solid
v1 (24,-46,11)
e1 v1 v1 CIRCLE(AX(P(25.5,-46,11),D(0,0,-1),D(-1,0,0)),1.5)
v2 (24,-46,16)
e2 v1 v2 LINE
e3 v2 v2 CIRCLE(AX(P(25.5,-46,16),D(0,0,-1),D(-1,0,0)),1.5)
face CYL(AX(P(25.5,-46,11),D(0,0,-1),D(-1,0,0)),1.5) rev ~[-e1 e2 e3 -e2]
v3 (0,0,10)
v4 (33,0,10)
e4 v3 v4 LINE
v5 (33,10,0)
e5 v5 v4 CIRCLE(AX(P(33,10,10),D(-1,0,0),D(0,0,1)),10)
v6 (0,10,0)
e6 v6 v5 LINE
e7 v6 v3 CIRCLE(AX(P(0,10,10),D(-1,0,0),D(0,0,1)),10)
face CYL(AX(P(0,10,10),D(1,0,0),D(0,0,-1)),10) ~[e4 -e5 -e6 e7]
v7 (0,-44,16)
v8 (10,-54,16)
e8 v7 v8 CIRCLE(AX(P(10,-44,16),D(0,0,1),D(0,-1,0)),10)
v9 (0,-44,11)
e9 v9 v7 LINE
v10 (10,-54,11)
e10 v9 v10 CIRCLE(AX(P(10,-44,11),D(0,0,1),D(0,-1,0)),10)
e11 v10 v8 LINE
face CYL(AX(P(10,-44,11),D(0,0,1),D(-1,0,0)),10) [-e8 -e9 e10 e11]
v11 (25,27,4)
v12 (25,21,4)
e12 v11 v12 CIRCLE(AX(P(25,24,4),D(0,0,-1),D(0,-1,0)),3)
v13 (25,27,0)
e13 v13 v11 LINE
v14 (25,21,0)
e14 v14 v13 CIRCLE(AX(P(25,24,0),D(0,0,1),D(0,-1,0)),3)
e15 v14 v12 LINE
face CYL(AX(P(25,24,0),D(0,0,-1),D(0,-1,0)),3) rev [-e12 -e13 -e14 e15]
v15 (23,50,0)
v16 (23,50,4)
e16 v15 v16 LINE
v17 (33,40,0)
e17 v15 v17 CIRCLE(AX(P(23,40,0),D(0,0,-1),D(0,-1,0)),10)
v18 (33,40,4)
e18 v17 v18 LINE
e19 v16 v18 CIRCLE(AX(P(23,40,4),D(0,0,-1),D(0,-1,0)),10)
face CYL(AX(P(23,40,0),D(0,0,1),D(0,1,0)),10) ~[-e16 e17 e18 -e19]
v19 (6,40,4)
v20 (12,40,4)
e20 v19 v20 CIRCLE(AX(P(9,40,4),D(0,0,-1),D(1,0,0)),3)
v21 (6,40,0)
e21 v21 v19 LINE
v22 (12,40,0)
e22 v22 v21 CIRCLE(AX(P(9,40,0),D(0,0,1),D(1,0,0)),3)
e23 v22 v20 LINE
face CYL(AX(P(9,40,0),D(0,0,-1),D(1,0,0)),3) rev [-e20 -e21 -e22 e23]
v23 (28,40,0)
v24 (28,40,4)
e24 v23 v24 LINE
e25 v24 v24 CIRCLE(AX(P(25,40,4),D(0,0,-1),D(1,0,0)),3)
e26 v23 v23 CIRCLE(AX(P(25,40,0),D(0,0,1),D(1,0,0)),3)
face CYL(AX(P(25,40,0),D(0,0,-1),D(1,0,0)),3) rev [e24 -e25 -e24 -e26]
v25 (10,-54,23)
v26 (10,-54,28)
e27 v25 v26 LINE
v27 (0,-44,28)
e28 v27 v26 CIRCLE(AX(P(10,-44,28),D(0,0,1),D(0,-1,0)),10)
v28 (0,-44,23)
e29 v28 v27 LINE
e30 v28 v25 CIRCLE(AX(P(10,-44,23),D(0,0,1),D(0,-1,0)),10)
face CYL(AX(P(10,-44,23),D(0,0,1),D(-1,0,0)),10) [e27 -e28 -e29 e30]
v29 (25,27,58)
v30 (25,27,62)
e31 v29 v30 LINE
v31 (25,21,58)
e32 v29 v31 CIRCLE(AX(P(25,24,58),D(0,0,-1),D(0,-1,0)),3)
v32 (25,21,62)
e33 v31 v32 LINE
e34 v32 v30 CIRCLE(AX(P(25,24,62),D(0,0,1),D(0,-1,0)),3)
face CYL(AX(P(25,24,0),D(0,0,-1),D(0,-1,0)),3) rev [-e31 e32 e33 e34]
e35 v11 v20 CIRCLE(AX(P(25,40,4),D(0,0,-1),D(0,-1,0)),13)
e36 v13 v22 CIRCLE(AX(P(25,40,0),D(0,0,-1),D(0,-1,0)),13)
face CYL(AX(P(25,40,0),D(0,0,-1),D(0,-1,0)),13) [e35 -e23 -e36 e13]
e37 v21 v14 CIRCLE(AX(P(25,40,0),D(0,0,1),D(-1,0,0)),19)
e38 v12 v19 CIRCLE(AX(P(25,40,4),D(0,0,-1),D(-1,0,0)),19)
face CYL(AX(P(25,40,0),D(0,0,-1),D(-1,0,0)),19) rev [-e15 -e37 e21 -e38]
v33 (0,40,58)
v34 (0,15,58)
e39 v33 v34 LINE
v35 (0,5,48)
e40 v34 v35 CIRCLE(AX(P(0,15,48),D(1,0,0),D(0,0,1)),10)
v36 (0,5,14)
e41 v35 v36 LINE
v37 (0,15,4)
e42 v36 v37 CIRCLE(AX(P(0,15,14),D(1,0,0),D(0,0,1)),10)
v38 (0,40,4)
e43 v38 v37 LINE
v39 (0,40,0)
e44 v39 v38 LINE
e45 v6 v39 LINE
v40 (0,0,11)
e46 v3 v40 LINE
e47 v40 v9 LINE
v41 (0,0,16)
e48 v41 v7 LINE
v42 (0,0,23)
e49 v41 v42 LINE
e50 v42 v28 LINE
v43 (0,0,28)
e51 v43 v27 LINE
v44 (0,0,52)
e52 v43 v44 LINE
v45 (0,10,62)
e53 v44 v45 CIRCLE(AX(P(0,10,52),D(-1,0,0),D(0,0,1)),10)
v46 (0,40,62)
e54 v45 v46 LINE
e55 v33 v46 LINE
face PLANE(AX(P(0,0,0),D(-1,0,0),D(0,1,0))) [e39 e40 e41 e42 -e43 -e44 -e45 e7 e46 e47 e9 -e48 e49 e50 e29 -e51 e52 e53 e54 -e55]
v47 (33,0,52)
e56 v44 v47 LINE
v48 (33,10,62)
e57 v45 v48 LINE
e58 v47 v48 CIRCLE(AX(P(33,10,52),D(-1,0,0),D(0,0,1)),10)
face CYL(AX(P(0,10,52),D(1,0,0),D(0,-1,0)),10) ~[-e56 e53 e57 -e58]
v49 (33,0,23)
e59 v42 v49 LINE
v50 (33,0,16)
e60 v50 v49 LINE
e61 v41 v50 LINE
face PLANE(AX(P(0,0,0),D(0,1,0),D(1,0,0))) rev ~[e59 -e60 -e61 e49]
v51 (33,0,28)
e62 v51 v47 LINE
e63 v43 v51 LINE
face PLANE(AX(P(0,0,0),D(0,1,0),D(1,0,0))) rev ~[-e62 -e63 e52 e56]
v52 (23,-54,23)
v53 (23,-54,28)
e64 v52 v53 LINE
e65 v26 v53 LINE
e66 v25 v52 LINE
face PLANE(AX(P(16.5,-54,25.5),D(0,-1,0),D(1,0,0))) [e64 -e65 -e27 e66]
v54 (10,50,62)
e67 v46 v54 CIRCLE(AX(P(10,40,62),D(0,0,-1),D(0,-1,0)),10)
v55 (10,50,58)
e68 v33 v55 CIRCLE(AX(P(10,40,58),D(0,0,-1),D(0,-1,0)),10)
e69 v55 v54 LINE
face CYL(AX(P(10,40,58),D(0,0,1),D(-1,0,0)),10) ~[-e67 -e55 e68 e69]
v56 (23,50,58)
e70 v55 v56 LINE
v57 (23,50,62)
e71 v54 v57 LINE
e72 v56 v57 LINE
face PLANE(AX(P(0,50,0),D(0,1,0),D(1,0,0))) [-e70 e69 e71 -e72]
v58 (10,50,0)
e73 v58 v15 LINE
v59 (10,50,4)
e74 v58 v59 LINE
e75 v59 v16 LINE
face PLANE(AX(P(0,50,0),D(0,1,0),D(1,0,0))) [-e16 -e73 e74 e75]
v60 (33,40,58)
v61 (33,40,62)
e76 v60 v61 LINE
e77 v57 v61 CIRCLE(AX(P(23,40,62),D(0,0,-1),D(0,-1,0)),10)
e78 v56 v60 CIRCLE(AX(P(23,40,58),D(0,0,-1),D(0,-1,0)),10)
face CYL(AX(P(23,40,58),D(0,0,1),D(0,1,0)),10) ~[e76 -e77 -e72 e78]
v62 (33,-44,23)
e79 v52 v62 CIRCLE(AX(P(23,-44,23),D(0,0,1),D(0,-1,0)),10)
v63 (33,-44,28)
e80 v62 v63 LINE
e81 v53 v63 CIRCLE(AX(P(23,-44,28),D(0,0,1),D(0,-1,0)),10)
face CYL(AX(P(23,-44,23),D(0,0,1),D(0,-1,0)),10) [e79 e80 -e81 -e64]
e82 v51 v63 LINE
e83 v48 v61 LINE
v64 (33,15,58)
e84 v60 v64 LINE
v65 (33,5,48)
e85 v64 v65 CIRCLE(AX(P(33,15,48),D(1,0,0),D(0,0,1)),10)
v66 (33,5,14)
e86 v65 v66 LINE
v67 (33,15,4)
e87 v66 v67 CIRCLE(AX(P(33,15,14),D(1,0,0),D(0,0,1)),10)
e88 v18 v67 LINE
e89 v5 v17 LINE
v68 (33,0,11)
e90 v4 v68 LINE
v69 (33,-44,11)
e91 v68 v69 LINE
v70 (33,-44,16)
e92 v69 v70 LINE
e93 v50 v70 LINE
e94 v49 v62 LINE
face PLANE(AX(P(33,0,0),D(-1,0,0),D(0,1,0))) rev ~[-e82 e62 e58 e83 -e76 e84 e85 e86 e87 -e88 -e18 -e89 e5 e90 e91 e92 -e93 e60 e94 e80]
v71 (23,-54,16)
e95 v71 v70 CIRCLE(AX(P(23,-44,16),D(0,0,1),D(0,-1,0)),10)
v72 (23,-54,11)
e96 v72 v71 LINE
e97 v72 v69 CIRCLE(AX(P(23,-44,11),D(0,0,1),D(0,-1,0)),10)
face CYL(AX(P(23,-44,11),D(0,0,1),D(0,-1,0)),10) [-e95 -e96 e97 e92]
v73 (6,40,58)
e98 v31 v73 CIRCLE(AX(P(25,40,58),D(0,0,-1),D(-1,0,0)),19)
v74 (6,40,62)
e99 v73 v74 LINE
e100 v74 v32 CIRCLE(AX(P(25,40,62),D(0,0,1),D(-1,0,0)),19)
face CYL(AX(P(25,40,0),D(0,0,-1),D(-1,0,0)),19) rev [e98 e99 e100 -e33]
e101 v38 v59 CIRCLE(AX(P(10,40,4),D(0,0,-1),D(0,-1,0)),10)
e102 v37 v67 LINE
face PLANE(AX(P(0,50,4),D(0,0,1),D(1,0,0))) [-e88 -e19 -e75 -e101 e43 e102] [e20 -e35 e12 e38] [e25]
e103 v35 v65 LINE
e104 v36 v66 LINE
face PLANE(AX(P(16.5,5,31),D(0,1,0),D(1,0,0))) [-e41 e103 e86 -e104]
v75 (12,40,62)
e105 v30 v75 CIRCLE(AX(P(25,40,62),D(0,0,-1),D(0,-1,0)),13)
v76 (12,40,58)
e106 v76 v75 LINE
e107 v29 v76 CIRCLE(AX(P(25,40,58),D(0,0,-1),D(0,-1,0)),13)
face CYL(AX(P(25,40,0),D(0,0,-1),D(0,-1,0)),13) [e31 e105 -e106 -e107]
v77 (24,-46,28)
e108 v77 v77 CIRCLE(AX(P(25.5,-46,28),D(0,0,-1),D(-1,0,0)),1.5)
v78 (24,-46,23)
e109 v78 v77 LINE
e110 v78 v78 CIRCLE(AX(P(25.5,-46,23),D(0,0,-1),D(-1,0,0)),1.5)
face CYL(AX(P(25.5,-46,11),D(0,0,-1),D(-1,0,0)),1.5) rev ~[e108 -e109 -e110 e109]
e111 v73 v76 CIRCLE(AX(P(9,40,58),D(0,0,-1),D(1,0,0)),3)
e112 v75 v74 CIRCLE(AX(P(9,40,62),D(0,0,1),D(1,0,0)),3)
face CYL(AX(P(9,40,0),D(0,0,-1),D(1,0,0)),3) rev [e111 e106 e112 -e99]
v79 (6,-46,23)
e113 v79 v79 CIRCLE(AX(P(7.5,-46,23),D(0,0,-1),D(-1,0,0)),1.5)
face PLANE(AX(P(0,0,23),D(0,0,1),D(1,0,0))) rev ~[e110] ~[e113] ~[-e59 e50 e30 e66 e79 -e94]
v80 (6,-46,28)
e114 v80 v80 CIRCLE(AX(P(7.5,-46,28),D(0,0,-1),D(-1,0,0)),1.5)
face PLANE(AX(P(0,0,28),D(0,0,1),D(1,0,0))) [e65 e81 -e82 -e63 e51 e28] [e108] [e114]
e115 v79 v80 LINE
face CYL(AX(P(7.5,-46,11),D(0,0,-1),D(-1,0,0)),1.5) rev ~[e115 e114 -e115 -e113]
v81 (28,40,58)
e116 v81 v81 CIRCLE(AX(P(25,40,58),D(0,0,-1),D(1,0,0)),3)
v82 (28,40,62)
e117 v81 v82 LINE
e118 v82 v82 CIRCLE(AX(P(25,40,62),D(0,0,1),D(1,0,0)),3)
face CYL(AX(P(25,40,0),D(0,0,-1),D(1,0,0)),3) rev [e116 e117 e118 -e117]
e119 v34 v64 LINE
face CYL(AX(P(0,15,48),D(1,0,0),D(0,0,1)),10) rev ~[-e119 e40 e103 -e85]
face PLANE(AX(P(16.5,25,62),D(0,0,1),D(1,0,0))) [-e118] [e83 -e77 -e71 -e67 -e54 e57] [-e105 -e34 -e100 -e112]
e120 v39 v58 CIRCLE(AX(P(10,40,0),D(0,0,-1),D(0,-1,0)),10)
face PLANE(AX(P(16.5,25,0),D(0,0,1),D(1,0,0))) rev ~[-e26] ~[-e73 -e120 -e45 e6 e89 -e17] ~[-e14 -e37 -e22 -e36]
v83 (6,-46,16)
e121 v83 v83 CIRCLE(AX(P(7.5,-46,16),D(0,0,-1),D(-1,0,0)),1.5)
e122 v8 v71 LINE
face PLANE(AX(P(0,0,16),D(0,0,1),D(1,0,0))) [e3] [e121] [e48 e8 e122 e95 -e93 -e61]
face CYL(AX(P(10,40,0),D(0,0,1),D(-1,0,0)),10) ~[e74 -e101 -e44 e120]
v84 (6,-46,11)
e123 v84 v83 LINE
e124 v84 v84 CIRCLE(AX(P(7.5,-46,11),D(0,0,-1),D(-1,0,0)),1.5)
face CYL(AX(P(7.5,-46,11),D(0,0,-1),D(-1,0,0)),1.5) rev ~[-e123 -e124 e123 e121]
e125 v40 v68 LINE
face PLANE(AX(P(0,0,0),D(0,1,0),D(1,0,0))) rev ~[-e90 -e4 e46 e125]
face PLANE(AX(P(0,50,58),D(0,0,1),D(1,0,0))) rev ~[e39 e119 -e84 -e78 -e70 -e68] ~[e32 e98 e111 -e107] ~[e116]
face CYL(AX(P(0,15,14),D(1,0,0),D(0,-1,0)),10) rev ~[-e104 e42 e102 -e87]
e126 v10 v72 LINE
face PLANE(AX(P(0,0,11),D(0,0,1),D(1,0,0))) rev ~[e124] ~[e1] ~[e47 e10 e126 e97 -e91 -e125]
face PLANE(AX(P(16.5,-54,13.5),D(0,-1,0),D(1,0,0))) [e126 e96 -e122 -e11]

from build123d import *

# Parameters (mm, degrees)
ESBO_O1_W                = 33
ESBO_O1_H                = 50
ESBO_O1_R                = 3
RESSALTO_EXTRUS_O2_DEPTH = 62
ESBO_O3_W                = 33
ESBO_O3_H                = 54
CORTE_EXTRUS_O1_DEPTH    = 45
ESBO_O7_W                = 33
ESBO_O7_H                = 5
RESSALTO_EXTRUS_O3_DEPTH = 54
ESBO_O10_R               = 1.5
CORTE_EXTRUS_O2_DEPTH    = 82.277303105
FILETE1_R                = 10


with BuildPart() as part:
    # Esboço1 → Ressalto-extrusão2 (new body)
    with BuildSketch(Plane.XY):
        with Locations((16.5, 25)):
            Rectangle(ESBO_O1_W, ESBO_O1_H)
        with Locations((25, 40)):
            Circle(ESBO_O1_R, mode=Mode.SUBTRACT)
        with BuildLine():
            ThreePointArc((6, 40), (11.564971157, 26.564971157), (25, 21))
            ThreePointArc((25, 21), (28, 24), (25, 27))
            ThreePointArc((25, 27), (15.807611845, 30.807611845), (12, 40))
            ThreePointArc((12, 40), (9, 43), (6, 40))
        make_face(mode=Mode.SUBTRACT)
    extrude(amount=RESSALTO_EXTRUS_O2_DEPTH)

    # Esboço3 → Corte-extrusão1 (cut)
    with BuildSketch(Plane(origin=(0, 50, 0), x_dir=(1, 0, 0), z_dir=(0, 1, 0))):
        with Locations((16.5, -31)):
            Rectangle(ESBO_O3_W, ESBO_O3_H)
    extrude(amount=-CORTE_EXTRUS_O1_DEPTH, mode=Mode.SUBTRACT)

    # Esboço7 → Ressalto-extrusão3 (add)
    with BuildSketch(Plane.XZ):
        with Locations((16.5, 25.5)):
            Rectangle(ESBO_O7_W, ESBO_O7_H)
        with Locations((16.5, 13.5)):
            Rectangle(ESBO_O7_W, ESBO_O7_H)
    extrude(amount=RESSALTO_EXTRUS_O3_DEPTH)

    # Esboço10 → Corte-extrusão2 (cut, through all)
    with BuildSketch(Plane(origin=(0, 0, 11), x_dir=(-1, 0, 0), z_dir=(0, 0, -1))):
        with Locations((-25.5, -46)):
            Circle(ESBO_O10_R)
        with Locations((-7.5, -46)):
            Circle(ESBO_O10_R)
    extrude(amount=-CORTE_EXTRUS_O2_DEPTH, mode=Mode.SUBTRACT)

    # Filete1
    filete1_edges = [part.edges().sort_by_distance(p)[0] for p in [
        (0, 50, 2),
        (33, 50, 2),
        (16.5, 5, 4),
        (16.5, 5, 58),
        (16.5, 0, 62),
        (16.5, 0, 0),
        (33, -54, 25.5),
        (0, -54, 25.5),
        (33, -54, 13.5),
        (0, -54, 13.5),
        (0, 50, 60),
        (33, 50, 60),
    ]]
    fillet(filete1_edges, radius=FILETE1_R)


solid = part.part
